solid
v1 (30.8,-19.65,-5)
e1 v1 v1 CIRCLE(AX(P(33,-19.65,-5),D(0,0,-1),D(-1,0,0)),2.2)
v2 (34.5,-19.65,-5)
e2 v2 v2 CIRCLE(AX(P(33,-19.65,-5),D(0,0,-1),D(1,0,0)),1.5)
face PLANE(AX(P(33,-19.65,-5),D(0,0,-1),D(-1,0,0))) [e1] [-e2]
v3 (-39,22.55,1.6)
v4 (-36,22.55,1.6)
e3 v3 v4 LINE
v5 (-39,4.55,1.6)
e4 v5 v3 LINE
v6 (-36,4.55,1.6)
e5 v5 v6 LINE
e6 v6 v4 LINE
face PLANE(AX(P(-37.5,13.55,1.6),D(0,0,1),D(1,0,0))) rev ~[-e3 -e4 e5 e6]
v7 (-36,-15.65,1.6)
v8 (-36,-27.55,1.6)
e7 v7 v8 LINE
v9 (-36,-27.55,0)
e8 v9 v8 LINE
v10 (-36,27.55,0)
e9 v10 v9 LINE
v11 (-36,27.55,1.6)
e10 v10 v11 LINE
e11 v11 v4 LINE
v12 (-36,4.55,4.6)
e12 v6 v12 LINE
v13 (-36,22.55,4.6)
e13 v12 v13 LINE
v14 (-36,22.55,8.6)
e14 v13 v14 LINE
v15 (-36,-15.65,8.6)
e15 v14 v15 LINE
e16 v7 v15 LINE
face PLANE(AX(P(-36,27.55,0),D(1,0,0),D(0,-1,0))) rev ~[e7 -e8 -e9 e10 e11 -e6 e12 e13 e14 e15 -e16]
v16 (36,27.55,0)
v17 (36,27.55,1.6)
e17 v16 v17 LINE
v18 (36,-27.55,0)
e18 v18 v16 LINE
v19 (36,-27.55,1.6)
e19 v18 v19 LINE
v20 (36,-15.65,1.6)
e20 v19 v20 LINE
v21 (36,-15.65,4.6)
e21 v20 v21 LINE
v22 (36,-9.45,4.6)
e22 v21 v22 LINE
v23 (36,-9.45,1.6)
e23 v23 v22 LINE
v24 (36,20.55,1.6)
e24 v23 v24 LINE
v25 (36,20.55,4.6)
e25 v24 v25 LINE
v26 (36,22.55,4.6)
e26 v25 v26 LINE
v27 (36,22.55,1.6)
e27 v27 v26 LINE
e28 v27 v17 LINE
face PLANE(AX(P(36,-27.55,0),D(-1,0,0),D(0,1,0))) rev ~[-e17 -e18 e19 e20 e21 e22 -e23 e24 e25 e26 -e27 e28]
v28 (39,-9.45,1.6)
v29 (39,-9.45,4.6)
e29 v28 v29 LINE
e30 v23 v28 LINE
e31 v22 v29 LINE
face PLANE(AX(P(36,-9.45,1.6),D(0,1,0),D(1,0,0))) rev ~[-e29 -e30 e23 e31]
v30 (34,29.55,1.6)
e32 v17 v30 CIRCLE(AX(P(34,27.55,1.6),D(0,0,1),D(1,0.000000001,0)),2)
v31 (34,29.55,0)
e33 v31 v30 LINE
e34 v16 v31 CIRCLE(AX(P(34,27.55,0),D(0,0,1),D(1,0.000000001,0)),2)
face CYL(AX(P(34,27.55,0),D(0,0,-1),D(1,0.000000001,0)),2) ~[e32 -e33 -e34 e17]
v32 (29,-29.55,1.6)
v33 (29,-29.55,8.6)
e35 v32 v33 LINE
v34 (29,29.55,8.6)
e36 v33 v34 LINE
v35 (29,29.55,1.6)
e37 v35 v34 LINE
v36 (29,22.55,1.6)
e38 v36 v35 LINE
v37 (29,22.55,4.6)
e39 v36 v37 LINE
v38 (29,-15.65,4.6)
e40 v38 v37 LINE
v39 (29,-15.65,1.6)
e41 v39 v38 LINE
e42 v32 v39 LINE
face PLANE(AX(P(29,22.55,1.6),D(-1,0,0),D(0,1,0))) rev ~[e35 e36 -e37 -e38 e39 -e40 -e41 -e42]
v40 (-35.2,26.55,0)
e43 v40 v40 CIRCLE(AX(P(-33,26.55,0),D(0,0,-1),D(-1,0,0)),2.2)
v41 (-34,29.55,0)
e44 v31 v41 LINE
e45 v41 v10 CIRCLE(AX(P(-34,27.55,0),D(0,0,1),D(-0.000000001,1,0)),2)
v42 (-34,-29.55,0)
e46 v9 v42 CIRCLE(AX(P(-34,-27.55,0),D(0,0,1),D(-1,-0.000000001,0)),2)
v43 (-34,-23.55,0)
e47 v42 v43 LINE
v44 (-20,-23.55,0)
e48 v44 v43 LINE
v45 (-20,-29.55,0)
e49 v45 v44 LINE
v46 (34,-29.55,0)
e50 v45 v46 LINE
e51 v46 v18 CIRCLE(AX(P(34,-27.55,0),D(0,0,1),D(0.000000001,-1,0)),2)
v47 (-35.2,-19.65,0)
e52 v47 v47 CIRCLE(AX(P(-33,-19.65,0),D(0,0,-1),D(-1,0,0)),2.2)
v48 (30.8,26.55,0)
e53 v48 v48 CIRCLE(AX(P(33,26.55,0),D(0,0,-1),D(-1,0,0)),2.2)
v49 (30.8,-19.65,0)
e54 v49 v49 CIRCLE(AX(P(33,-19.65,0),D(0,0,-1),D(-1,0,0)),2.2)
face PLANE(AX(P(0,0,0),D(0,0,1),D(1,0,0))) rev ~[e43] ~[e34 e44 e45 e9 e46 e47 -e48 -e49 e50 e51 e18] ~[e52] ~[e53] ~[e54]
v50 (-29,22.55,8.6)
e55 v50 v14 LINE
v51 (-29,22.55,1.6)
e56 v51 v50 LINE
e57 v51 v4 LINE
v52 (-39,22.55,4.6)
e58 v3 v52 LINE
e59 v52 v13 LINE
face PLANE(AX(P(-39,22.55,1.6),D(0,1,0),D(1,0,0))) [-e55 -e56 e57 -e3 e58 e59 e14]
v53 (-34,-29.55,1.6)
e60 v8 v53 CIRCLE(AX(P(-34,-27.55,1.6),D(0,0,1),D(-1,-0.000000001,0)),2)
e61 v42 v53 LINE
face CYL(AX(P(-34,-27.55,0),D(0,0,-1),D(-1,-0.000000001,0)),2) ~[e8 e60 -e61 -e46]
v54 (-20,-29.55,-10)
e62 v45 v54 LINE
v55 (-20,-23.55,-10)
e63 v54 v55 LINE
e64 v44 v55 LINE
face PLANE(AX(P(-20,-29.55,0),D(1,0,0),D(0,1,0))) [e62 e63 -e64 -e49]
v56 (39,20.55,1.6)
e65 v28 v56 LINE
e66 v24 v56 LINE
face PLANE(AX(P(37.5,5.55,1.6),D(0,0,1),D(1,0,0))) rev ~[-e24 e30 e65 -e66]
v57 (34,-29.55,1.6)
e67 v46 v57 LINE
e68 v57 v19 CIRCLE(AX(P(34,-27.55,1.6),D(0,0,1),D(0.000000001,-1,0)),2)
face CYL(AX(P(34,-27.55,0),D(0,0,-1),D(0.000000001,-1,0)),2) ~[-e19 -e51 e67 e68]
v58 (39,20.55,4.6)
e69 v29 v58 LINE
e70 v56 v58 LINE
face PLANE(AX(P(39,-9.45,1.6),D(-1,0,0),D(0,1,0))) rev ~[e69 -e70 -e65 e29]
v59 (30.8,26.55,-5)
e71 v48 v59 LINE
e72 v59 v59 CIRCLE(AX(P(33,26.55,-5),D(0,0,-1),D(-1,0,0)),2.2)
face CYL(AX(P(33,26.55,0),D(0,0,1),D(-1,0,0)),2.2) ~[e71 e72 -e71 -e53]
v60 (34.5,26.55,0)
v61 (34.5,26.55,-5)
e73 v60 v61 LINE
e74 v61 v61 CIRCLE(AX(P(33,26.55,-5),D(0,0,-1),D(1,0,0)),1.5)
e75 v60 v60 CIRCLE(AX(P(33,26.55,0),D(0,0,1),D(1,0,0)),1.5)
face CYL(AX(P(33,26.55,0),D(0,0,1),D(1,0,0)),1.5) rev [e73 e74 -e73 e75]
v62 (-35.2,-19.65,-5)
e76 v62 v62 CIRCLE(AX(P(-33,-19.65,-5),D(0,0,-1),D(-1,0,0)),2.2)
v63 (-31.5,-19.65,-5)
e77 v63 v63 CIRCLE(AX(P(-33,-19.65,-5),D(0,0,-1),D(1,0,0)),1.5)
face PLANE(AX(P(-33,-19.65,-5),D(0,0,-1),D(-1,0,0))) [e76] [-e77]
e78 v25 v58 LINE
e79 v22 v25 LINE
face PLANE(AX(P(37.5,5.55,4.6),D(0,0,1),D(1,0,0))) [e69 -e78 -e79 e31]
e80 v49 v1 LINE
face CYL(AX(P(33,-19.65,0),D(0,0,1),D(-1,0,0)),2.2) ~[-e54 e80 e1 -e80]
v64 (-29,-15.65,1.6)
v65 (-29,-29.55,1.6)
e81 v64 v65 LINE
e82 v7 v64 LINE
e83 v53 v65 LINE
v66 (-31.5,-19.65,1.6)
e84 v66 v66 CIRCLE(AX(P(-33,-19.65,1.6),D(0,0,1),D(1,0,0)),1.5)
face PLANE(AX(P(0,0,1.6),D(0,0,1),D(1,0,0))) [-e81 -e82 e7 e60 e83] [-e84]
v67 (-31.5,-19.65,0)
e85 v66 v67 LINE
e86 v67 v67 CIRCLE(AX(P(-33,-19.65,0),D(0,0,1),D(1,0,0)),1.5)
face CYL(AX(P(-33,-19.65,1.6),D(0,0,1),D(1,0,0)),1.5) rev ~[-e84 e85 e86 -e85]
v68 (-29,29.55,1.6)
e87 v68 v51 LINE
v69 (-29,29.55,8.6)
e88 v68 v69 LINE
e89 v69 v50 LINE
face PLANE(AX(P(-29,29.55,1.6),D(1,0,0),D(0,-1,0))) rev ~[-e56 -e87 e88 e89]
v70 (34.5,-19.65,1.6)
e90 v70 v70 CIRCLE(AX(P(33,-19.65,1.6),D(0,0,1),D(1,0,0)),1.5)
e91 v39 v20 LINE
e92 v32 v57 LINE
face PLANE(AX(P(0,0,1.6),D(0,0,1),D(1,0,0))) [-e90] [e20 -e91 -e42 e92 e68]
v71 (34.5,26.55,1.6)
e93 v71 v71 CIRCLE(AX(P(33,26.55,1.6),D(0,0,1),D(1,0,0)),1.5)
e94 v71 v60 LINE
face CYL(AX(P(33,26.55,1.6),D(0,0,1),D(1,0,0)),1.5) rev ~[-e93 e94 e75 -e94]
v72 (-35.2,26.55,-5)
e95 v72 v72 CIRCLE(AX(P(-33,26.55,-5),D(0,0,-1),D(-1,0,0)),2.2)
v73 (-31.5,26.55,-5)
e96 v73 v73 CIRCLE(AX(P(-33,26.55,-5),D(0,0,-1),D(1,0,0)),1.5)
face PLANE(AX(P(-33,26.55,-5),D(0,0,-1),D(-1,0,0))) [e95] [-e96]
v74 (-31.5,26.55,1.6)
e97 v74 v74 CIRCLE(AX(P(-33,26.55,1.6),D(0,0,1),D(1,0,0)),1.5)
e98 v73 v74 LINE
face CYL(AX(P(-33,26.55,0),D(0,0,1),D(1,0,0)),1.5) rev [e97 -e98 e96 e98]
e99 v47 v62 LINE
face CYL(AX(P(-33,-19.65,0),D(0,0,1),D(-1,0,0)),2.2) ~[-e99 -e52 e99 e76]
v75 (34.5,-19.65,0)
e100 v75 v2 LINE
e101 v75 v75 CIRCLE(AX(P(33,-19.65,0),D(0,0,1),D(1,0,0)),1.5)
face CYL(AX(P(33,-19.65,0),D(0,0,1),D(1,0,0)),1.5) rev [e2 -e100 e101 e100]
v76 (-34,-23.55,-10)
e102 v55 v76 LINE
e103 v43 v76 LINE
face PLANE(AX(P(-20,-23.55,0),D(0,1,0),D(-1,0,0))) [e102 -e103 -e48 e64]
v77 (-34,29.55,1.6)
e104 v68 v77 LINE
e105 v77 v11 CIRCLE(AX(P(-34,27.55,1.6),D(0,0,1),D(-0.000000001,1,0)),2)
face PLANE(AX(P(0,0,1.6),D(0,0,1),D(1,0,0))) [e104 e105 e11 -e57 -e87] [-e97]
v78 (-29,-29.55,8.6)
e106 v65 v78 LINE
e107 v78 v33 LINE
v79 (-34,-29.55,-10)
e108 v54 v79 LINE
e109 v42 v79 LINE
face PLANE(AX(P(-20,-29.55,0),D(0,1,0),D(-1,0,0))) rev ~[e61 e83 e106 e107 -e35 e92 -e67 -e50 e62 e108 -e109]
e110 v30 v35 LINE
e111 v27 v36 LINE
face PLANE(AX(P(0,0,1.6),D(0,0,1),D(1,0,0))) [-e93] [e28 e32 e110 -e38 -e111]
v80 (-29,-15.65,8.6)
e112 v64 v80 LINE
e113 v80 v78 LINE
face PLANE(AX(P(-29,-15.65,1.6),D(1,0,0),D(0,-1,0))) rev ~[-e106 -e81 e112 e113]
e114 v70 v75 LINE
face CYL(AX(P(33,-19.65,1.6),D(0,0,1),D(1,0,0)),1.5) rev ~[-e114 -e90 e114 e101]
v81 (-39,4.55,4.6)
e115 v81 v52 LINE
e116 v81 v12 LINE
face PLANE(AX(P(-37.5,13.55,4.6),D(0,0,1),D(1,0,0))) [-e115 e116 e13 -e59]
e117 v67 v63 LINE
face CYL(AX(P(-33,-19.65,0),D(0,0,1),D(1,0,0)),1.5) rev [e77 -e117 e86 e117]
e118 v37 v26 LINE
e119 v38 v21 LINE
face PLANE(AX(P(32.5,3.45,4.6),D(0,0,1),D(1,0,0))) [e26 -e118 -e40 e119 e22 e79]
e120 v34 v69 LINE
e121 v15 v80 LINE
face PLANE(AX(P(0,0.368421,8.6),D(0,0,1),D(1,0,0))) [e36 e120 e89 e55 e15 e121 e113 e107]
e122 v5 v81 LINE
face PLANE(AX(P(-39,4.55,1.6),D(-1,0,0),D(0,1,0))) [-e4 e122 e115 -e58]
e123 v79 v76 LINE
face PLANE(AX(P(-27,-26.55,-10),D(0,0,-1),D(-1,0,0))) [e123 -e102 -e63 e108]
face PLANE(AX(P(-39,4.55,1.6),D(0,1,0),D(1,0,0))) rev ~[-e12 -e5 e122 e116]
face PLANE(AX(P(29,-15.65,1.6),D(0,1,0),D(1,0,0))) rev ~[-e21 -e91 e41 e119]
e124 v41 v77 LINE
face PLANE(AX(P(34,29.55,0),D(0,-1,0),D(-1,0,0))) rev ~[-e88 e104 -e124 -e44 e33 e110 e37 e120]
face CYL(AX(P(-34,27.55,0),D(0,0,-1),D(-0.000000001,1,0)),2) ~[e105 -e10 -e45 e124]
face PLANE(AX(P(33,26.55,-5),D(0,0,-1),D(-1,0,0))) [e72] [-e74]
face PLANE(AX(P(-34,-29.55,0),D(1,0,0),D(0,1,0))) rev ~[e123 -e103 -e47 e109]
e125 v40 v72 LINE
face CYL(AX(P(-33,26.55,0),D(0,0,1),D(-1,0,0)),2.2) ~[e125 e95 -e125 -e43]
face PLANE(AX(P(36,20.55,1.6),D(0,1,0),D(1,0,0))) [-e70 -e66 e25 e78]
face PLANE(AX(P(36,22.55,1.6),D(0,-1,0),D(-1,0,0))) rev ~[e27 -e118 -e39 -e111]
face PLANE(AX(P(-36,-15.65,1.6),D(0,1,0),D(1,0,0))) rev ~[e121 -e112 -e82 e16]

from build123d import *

# Parameters (mm, degrees)
EXTRUDE_1_DEPTH     = 1.6
SKETCH_2_R          = 1.5
CUT_EXTRUDE_1_DEPTH = 47.602172696
SKETCH_3_R          = 2.2
SKETCH_3_R_2        = 1.5
EXTRUDE_2_DEPTH     = 5
EXTRUDE_3_DEPTH     = 7
SKETCH_5_W          = 14
SKETCH_5_H          = 6
EXTRUDE_4_DEPTH     = 10
SKETCH_6_W          = 3
SKETCH_6_H          = 18
SKETCH_6_H_2        = 30
EXTRUDE_5_DEPTH     = 3
SKETCH_7_W          = 7
SKETCH_7_H          = 38.2
CUT_EXTRUDE_2_DEPTH = 4


with BuildPart() as part:
    # 草图1 → 凸台-拉伸1 (new body)
    with BuildSketch(Plane.XY):
        with BuildLine():
            Line((-34, -29.55), (34, -29.55))
            ThreePointArc((34, -29.55), (35.414213562, -28.964213562), (36, -27.55))
            Line((36, -27.55), (36, 27.55))
            ThreePointArc((36, 27.55), (35.414213562, 28.964213562), (34, 29.55))
            Line((34, 29.55), (-34, 29.55))
            ThreePointArc((-34, 29.55), (-35.414213562, 28.964213562), (-36, 27.55))
            Line((-36, 27.55), (-36, -27.55))
            ThreePointArc((-36, -27.55), (-35.414213562, -28.964213562), (-34, -29.55))
        make_face()
    extrude(amount=EXTRUDE_1_DEPTH)

    # 草图2 → 切除-拉伸1 (cut, through all)
    with BuildSketch(Plane.XY.offset(1.6)):
        with Locations((-33, 26.55)):
            Circle(SKETCH_2_R)
        with Locations((33, 26.55)):
            Circle(SKETCH_2_R)
        with Locations((-33, -19.65)):
            Circle(SKETCH_2_R)
        with Locations((33, -19.65)):
            Circle(SKETCH_2_R)
    extrude(amount=-CUT_EXTRUDE_1_DEPTH, mode=Mode.SUBTRACT)

    # 草图3 → 凸台-拉伸2 (add)
    # profile 1 of 4: a face of its own
    with BuildSketch(Plane(origin=(0, 0, 0), x_dir=(-1, 0, 0), z_dir=(0, 0, -1))):
        with Locations((33, 26.55)):
            Circle(SKETCH_3_R)
        with Locations(Location((33, 26.55, 0), (0, 0, 180))):
            Circle(SKETCH_3_R_2, mode=Mode.SUBTRACT)
    # profile 2 of 4: a face of its own
    with BuildSketch(Plane(origin=(0, 0, 0), x_dir=(-1, 0, 0), z_dir=(0, 0, -1))):
        with Locations((33, -19.65)):
            Circle(SKETCH_3_R)
        with Locations(Location((33, -19.65, 0), (0, 0, 180))):
            Circle(SKETCH_3_R_2, mode=Mode.SUBTRACT)
    # profile 3 of 4: a face of its own
    with BuildSketch(Plane(origin=(0, 0, 0), x_dir=(-1, 0, 0), z_dir=(0, 0, -1))):
        with Locations((-33, -19.65)):
            Circle(SKETCH_3_R)
        with Locations(Location((-33, -19.65, 0), (0, 0, 180))):
            Circle(SKETCH_3_R_2, mode=Mode.SUBTRACT)
    # profile 4 of 4: a face of its own
    with BuildSketch(Plane(origin=(0, 0, 0), x_dir=(-1, 0, 0), z_dir=(0, 0, -1))):
        with Locations((-33, 26.55)):
            Circle(SKETCH_3_R)
        with Locations(Location((-33, 26.55, 0), (0, 0, 180))):
            Circle(SKETCH_3_R_2, mode=Mode.SUBTRACT)
    extrude(amount=EXTRUDE_2_DEPTH)

    # 草图4 → 凸台-拉伸3 (add)
    with BuildSketch(Plane.XY.offset(1.6)):
        Polygon((-29, 29.55), (-29, 22.55), (-36, 22.55), (-36, -15.65), (-29, -15.65), (-29, -29.55), (29, -29.55), (29, -15.65), (36, -15.65), (36, 22.55), (29, 22.55), (29, 29.55), align=None)
    extrude(amount=EXTRUDE_3_DEPTH)

    # 草图5 → 凸台-拉伸4 (add)
    with BuildSketch(Plane(origin=(0, 0, 0), x_dir=(-1, 0, 0), z_dir=(0, 0, -1))):
        with Locations((27, -26.55)):
            Rectangle(SKETCH_5_W, SKETCH_5_H)
    extrude(amount=EXTRUDE_4_DEPTH)

    # 草图6 → 凸台-拉伸5 (add)
    with BuildSketch(Plane.XY.offset(1.6)):
        with Locations((-37.5, 13.55)):
            Rectangle(SKETCH_6_W, SKETCH_6_H)
        with Locations((37.5, 5.55)):
            Rectangle(SKETCH_6_W, SKETCH_6_H_2)
    extrude(amount=EXTRUDE_5_DEPTH)

    # 草图7 → 切除-拉伸2 (cut)
    with BuildSketch(Plane.XY.offset(8.6)):
        with Locations((32.5, 3.45)):
            Rectangle(SKETCH_7_W, SKETCH_7_H)
    extrude(amount=-CUT_EXTRUDE_2_DEPTH, mode=Mode.SUBTRACT)


solid = part.part
